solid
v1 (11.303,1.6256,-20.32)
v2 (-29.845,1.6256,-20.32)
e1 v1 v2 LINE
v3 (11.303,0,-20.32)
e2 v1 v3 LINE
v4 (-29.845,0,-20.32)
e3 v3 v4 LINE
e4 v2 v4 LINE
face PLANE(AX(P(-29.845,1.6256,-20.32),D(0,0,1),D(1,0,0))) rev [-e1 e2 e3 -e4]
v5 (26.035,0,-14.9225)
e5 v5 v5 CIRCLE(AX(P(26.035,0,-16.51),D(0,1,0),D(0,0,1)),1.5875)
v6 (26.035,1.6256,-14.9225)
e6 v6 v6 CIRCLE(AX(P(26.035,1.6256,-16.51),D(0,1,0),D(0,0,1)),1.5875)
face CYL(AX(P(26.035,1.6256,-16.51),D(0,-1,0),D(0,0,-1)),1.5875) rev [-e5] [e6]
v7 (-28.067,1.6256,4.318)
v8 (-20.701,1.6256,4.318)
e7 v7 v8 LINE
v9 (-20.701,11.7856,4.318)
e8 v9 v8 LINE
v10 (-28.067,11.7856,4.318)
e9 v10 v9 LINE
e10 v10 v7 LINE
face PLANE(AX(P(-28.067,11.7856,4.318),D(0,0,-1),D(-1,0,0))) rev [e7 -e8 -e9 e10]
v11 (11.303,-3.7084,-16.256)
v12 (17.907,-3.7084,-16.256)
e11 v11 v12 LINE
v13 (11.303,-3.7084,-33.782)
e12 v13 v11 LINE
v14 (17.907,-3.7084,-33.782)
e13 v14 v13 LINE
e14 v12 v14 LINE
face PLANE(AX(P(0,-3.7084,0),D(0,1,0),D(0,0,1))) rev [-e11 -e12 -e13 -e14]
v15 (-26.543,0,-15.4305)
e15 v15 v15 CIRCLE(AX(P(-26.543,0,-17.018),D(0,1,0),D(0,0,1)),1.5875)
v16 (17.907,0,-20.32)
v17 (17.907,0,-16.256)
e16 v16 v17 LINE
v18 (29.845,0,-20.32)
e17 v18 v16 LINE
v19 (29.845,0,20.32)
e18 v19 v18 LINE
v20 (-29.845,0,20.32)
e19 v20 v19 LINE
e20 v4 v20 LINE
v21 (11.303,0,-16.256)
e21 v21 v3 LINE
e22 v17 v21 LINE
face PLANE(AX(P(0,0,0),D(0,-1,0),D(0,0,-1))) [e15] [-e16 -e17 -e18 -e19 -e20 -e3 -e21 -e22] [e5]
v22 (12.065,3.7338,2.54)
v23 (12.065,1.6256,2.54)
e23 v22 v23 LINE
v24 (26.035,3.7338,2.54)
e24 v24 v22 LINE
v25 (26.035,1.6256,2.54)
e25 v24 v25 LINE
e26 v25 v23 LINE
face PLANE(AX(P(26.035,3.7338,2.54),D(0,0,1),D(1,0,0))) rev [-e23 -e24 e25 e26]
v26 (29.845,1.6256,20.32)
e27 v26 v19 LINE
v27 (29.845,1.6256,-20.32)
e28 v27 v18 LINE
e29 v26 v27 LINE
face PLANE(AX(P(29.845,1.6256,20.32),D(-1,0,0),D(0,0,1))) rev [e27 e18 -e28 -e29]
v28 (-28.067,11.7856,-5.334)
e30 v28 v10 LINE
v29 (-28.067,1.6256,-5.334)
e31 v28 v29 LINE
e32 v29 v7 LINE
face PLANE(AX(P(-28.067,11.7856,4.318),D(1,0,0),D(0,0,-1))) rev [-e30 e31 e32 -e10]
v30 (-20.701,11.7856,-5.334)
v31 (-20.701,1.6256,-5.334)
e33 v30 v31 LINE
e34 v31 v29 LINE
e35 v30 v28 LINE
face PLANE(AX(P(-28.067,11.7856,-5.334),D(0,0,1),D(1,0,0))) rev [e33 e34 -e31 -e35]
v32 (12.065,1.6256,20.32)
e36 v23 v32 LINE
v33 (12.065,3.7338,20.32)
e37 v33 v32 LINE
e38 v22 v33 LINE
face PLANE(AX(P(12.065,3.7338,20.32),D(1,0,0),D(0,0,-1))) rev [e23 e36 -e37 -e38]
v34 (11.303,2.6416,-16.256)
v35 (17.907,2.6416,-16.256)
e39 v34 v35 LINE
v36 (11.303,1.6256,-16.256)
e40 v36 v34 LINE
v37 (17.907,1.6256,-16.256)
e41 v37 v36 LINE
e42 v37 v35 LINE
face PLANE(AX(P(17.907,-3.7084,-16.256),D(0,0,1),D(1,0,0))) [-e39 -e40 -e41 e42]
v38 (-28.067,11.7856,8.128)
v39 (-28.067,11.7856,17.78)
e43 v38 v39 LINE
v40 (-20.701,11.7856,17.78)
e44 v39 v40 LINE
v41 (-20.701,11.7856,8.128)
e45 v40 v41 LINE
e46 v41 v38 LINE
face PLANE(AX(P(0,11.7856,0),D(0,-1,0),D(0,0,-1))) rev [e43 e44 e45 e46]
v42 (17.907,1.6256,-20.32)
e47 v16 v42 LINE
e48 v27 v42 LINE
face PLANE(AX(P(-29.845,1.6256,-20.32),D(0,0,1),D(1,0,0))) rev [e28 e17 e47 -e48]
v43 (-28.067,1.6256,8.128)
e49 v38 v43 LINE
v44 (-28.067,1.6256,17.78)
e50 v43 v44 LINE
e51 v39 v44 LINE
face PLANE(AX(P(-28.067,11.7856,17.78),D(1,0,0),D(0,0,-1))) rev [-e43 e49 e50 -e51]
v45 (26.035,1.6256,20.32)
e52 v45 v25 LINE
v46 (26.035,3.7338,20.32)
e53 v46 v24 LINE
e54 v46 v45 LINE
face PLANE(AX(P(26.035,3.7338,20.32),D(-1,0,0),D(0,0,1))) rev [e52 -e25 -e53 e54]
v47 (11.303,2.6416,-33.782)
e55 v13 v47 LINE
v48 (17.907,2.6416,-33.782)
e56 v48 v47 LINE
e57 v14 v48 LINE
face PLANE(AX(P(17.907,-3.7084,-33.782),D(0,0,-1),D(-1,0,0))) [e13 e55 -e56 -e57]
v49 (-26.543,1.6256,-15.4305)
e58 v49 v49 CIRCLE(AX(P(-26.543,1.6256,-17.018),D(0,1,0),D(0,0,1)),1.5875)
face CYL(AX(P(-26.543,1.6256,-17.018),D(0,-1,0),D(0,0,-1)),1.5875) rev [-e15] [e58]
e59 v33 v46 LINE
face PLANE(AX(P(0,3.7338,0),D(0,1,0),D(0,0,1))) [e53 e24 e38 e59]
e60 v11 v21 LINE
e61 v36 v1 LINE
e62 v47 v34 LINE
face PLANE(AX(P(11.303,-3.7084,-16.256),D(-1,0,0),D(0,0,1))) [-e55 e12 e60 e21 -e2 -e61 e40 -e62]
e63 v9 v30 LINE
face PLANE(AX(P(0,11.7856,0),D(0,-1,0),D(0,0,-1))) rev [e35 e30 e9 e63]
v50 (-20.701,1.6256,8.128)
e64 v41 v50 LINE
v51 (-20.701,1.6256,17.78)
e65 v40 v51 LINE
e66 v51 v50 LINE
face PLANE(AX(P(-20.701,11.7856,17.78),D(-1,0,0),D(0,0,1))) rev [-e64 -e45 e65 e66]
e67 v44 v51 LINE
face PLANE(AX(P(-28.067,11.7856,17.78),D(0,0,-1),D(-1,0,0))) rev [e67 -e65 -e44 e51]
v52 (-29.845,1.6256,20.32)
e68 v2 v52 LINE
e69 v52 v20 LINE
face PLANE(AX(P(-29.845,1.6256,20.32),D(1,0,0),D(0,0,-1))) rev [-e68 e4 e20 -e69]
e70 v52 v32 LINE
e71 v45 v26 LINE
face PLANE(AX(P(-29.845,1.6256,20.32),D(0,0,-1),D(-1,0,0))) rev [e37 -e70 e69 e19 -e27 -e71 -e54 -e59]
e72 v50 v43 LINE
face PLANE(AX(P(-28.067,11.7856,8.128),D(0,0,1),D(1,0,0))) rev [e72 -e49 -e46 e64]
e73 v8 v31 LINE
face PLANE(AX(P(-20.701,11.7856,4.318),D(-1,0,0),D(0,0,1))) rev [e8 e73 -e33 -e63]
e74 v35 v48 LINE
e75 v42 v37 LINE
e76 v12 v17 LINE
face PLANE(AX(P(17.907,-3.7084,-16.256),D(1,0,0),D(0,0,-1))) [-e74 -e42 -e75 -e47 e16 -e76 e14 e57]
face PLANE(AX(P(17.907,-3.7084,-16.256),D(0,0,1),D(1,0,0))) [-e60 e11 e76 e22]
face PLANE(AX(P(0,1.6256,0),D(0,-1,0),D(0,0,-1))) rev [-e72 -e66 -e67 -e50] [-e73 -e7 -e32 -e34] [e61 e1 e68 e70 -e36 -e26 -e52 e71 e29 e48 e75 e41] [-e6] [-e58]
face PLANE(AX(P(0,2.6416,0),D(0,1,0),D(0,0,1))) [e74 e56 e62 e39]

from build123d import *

# Parameters (mm, degrees)
SKETCH1_W           = 59.69
SKETCH1_H           = 40.64
SKETCH1_R           = 1.5875
BOSS_EXTRUDE1_DEPTH = 1.6256
SKETCH2_W           = 13.97
SKETCH2_H           = 17.78
BOSS_EXTRUDE2_DEPTH = 2.1082
BOSS_EXTRUDE3_START = 1.016
SKETCH3_W           = 6.604
SKETCH3_H           = 17.526
BOSS_EXTRUDE3_DEPTH = 6.35
SKETCH4_W           = 7.366
SKETCH4_H           = 9.652
BOSS_EXTRUDE4_DEPTH = 10.16


with BuildPart() as part:
    # Sketch1 → Boss-Extrude1 (new body)
    with BuildSketch(Plane(origin=(0, 0, 0), x_dir=(1, 0, 0), z_dir=(0, 1, 0))):
        Rectangle(SKETCH1_W, SKETCH1_H)
        with Locations(Location((26.035, 16.51, 0), (0, 0, 270))):
            Circle(SKETCH1_R, mode=Mode.SUBTRACT)
        with Locations(Location((-26.543, 17.018, 0), (0, 0, 270))):
            Circle(SKETCH1_R, mode=Mode.SUBTRACT)
    extrude(amount=BOSS_EXTRUDE1_DEPTH)

    # Sketch2 → Boss-Extrude2 (add)
    with BuildSketch(Plane(origin=(0, 1.6256, 0), x_dir=(1, 0, 0), z_dir=(0, 1, 0))):
        with Locations((19.05, -11.43)):
            Rectangle(SKETCH2_W, SKETCH2_H)
    extrude(amount=BOSS_EXTRUDE2_DEPTH)

    # Sketch3 → Boss-Extrude3 (add)
    with BuildSketch(Plane(origin=(0, 1.6256, 0), x_dir=(1, 0, 0), z_dir=(0, 1, 0)).offset(BOSS_EXTRUDE3_START)):
        with Locations((14.605, 25.019)):
            Rectangle(SKETCH3_W, SKETCH3_H)
    extrude(amount=-BOSS_EXTRUDE3_DEPTH)

    # Sketch4 → Boss-Extrude4 (add)
    with BuildSketch(Plane(origin=(0, 1.6256, 0), x_dir=(1, 0, 0), z_dir=(0, 1, 0))):
        with Locations((-24.384, -12.954)):
            Rectangle(SKETCH4_W, SKETCH4_H)
        with Locations((-24.384, 0.508)):
            Rectangle(SKETCH4_W, SKETCH4_H)
    extrude(amount=BOSS_EXTRUDE4_DEPTH)


solid = part.part
